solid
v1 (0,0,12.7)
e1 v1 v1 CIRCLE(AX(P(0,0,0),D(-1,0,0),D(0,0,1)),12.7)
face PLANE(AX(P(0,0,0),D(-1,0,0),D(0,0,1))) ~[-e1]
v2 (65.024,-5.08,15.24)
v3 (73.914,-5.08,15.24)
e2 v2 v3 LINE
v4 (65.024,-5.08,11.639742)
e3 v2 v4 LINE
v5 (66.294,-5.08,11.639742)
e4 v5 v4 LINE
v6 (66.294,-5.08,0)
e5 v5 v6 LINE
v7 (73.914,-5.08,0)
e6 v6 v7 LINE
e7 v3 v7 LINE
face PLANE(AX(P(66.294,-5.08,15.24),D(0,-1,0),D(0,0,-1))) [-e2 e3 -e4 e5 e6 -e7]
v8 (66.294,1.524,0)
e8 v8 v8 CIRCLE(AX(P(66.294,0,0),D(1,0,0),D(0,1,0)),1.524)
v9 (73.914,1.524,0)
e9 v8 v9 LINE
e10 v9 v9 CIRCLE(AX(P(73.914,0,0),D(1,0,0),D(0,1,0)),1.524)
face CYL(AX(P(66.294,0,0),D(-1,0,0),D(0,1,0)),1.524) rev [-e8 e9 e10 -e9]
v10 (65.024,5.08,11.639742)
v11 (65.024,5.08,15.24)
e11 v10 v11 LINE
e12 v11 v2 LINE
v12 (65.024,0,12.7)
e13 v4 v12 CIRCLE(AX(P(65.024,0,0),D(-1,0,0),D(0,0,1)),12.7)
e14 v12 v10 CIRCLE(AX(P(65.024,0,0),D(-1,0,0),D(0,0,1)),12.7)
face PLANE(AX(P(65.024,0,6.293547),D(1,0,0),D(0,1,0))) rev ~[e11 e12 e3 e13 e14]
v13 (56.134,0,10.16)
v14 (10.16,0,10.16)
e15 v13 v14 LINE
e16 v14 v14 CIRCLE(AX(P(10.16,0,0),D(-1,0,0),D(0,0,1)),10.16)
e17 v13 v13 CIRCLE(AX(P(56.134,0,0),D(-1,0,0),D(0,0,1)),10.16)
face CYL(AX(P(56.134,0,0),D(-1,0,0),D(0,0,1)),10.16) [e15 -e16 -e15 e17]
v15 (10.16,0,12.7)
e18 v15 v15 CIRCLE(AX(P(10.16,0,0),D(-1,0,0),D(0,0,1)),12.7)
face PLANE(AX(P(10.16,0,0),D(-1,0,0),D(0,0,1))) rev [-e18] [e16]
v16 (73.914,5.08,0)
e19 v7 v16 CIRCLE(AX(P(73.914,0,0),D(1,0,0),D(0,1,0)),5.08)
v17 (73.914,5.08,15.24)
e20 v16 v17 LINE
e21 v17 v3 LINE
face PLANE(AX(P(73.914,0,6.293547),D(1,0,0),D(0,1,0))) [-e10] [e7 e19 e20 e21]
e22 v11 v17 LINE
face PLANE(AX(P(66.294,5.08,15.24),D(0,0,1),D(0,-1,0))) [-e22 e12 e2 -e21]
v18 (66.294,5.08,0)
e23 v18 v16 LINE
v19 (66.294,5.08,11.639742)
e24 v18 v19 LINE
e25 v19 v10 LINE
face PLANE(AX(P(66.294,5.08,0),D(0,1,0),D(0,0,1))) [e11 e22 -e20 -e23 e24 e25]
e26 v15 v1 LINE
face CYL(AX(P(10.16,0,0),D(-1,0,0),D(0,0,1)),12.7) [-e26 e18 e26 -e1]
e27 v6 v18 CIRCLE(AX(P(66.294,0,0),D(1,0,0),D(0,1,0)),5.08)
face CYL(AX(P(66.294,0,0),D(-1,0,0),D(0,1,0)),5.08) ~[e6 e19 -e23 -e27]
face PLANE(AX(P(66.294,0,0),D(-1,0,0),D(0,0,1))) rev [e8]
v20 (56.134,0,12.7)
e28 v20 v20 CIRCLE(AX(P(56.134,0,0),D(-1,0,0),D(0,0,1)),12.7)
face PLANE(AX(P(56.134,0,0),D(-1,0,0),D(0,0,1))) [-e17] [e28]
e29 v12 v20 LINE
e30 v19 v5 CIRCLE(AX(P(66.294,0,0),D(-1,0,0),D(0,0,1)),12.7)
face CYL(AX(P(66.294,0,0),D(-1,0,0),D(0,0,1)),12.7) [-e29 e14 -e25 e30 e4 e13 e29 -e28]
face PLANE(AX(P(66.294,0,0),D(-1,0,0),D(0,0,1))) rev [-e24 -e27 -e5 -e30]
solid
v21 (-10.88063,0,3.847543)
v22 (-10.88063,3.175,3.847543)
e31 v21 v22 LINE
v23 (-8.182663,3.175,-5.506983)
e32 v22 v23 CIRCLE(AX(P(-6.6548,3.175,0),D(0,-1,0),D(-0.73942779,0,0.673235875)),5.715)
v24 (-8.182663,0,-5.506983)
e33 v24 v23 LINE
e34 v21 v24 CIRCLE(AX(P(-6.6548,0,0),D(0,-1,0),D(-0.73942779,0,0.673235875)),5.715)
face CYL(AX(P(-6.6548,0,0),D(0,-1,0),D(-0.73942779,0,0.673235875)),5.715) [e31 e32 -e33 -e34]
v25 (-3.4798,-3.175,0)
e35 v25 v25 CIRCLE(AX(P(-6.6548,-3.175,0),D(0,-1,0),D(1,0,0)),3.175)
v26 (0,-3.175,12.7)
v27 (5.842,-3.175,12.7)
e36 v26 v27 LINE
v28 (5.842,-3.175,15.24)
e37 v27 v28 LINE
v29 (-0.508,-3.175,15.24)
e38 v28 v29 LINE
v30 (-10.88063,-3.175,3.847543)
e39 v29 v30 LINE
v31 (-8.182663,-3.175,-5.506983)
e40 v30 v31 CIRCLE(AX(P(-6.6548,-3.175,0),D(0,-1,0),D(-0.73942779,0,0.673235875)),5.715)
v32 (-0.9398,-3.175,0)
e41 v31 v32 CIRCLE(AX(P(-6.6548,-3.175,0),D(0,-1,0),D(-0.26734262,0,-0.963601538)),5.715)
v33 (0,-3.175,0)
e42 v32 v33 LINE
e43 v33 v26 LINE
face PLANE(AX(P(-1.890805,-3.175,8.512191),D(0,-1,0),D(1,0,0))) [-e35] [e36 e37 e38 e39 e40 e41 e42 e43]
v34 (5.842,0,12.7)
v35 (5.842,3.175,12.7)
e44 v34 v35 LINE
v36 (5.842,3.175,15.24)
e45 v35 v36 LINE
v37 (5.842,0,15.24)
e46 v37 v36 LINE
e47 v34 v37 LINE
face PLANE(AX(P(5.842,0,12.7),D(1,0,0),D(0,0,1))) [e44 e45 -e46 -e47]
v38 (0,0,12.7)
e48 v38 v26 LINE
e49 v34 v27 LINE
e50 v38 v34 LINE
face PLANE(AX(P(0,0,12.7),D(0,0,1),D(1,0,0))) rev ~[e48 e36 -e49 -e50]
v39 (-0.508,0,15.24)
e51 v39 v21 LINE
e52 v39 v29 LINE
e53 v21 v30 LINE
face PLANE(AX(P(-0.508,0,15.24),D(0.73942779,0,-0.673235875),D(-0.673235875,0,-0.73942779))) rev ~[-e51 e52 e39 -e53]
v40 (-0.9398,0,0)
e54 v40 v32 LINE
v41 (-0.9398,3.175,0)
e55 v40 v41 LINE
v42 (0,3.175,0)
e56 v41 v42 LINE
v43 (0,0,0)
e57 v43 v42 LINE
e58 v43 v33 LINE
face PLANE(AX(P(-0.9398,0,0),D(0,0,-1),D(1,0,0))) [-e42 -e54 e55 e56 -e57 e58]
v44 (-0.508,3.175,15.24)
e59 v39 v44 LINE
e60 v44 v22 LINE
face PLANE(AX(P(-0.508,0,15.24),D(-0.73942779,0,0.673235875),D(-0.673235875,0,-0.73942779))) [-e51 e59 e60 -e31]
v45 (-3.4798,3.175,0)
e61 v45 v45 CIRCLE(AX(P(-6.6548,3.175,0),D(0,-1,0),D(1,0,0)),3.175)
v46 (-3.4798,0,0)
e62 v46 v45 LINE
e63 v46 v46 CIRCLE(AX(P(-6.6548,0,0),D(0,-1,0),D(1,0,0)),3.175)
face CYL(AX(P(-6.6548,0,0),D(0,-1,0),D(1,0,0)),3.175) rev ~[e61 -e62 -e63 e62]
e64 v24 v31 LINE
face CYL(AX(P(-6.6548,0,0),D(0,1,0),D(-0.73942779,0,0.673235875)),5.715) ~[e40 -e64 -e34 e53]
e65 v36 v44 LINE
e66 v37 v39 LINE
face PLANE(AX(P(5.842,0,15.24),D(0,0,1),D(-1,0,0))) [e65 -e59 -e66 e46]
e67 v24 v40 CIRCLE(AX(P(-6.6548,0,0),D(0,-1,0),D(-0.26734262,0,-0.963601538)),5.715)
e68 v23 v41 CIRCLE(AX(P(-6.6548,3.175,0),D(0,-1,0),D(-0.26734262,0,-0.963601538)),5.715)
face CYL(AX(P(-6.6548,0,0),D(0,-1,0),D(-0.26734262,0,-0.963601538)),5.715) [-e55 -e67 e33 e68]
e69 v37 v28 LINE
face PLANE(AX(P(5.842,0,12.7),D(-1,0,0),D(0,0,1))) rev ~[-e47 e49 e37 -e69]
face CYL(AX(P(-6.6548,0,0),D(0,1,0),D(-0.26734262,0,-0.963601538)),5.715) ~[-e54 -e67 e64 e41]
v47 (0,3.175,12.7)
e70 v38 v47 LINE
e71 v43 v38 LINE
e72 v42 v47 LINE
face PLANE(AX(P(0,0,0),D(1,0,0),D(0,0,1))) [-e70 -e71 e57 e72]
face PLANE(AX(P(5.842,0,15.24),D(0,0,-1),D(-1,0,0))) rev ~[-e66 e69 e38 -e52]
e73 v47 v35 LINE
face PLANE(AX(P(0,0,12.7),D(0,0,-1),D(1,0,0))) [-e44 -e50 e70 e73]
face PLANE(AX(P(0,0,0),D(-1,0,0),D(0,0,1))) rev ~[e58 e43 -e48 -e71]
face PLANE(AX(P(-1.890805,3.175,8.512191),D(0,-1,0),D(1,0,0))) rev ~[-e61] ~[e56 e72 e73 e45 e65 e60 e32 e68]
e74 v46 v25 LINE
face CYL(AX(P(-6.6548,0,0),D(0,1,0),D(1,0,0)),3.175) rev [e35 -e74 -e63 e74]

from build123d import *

# Parameters (mm, degrees)
F0_W          = 5.842
F0_H          = 12.7
F0_R          = 3.175
F2_DEPTH      = 3.175
F3_R          = 1.524
F4_DEPTH      = 7.62
F4_DEPTH_BACK = 1.27


with BuildPart() as f1:
    # F0 (on Front) → F1 (revolve)
    with BuildSketch(Plane.XZ):
        Polygon((5.842, 12.7), (5.842, 0), (66.294, 0), (66.294, 12.7), (56.134, 12.7), (56.134, 10.16), (10.16, 10.16), (10.16, 12.7), align=None)
        with Locations((2.921, 6.35)):
            Rectangle(F0_W, F0_H)
    revolve(axis=Axis((33.147, 0, 0), (-1, 0, 0)))

    # F3 (on face) → F4 (join, two sides)
    with BuildSketch(Plane.YZ.offset(66.294)) as f4_sk:
        with BuildLine():
            ThreePointArc((-5.08, 0), (0, 5.08), (5.08, 0))
            Line((5.08, 0), (5.08, 11.6397422652))
            ThreePointArc((5.08, 11.6397422652), (0, 12.7), (-5.08, 11.6397422652))
            Line((-5.08, 11.6397422652), (-5.08, 0))
        make_face()
        with BuildLine():
            ThreePointArc((-5.08, 0), (0, -5.08), (5.08, 0))
            ThreePointArc((5.08, 0), (0, 5.08), (-5.08, 0))
        make_face()
        Circle(F3_R, mode=Mode.SUBTRACT)
        with BuildLine():
            ThreePointArc((-5.08, 11.6397422652), (0, 12.7), (5.08, 11.6397422652))
            Line((5.08, 11.6397422652), (5.08, 15.24))
            Line((5.08, 15.24), (-5.08, 15.24))
            Line((-5.08, 15.24), (-5.08, 11.6397422652))
        make_face()
    extrude(amount=F4_DEPTH)
    extrude(f4_sk.sketch, amount=-F4_DEPTH_BACK)


with BuildPart() as f2:
    # F0 (on Front) → F2 (new body, symmetric)
    with BuildSketch(Plane.XZ):
        with BuildLine():
            Line((-0.9398, 0), (0, 0))
            Line((0, 0), (0, 12.7))
            Line((0, 12.7), (5.842, 12.7))
            Line((5.842, 12.7), (5.842, 15.24))
            Line((5.842, 15.24), (-0.508, 15.24))
            Line((-0.508, 15.24), (-10.8806298187, 3.8475430269))
            ThreePointArc((-10.8806298187, 3.8475430269), (-4.5919612295, 5.3297205562), (-0.9398, 0))
        make_face()
        with BuildLine():
            ThreePointArc((-8.1826630726, -5.5069827884), (-3.1957909266, -4.5493385486), (-0.9398, 0))
            ThreePointArc((-0.9398, 0), (-4.5919612295, 5.3297205562), (-10.8806298187, 3.8475430269))
            ThreePointArc((-10.8806298187, 3.8475430269), (-12.1459778134, -1.5837270034), (-8.1826630726, -5.5069827884))
        make_face()
        with Locations((-6.6548, 0)):
            Circle(F0_R, mode=Mode.SUBTRACT)
    extrude(amount=F2_DEPTH, both=True)


solid = Compound([f1.part, f2.part])
